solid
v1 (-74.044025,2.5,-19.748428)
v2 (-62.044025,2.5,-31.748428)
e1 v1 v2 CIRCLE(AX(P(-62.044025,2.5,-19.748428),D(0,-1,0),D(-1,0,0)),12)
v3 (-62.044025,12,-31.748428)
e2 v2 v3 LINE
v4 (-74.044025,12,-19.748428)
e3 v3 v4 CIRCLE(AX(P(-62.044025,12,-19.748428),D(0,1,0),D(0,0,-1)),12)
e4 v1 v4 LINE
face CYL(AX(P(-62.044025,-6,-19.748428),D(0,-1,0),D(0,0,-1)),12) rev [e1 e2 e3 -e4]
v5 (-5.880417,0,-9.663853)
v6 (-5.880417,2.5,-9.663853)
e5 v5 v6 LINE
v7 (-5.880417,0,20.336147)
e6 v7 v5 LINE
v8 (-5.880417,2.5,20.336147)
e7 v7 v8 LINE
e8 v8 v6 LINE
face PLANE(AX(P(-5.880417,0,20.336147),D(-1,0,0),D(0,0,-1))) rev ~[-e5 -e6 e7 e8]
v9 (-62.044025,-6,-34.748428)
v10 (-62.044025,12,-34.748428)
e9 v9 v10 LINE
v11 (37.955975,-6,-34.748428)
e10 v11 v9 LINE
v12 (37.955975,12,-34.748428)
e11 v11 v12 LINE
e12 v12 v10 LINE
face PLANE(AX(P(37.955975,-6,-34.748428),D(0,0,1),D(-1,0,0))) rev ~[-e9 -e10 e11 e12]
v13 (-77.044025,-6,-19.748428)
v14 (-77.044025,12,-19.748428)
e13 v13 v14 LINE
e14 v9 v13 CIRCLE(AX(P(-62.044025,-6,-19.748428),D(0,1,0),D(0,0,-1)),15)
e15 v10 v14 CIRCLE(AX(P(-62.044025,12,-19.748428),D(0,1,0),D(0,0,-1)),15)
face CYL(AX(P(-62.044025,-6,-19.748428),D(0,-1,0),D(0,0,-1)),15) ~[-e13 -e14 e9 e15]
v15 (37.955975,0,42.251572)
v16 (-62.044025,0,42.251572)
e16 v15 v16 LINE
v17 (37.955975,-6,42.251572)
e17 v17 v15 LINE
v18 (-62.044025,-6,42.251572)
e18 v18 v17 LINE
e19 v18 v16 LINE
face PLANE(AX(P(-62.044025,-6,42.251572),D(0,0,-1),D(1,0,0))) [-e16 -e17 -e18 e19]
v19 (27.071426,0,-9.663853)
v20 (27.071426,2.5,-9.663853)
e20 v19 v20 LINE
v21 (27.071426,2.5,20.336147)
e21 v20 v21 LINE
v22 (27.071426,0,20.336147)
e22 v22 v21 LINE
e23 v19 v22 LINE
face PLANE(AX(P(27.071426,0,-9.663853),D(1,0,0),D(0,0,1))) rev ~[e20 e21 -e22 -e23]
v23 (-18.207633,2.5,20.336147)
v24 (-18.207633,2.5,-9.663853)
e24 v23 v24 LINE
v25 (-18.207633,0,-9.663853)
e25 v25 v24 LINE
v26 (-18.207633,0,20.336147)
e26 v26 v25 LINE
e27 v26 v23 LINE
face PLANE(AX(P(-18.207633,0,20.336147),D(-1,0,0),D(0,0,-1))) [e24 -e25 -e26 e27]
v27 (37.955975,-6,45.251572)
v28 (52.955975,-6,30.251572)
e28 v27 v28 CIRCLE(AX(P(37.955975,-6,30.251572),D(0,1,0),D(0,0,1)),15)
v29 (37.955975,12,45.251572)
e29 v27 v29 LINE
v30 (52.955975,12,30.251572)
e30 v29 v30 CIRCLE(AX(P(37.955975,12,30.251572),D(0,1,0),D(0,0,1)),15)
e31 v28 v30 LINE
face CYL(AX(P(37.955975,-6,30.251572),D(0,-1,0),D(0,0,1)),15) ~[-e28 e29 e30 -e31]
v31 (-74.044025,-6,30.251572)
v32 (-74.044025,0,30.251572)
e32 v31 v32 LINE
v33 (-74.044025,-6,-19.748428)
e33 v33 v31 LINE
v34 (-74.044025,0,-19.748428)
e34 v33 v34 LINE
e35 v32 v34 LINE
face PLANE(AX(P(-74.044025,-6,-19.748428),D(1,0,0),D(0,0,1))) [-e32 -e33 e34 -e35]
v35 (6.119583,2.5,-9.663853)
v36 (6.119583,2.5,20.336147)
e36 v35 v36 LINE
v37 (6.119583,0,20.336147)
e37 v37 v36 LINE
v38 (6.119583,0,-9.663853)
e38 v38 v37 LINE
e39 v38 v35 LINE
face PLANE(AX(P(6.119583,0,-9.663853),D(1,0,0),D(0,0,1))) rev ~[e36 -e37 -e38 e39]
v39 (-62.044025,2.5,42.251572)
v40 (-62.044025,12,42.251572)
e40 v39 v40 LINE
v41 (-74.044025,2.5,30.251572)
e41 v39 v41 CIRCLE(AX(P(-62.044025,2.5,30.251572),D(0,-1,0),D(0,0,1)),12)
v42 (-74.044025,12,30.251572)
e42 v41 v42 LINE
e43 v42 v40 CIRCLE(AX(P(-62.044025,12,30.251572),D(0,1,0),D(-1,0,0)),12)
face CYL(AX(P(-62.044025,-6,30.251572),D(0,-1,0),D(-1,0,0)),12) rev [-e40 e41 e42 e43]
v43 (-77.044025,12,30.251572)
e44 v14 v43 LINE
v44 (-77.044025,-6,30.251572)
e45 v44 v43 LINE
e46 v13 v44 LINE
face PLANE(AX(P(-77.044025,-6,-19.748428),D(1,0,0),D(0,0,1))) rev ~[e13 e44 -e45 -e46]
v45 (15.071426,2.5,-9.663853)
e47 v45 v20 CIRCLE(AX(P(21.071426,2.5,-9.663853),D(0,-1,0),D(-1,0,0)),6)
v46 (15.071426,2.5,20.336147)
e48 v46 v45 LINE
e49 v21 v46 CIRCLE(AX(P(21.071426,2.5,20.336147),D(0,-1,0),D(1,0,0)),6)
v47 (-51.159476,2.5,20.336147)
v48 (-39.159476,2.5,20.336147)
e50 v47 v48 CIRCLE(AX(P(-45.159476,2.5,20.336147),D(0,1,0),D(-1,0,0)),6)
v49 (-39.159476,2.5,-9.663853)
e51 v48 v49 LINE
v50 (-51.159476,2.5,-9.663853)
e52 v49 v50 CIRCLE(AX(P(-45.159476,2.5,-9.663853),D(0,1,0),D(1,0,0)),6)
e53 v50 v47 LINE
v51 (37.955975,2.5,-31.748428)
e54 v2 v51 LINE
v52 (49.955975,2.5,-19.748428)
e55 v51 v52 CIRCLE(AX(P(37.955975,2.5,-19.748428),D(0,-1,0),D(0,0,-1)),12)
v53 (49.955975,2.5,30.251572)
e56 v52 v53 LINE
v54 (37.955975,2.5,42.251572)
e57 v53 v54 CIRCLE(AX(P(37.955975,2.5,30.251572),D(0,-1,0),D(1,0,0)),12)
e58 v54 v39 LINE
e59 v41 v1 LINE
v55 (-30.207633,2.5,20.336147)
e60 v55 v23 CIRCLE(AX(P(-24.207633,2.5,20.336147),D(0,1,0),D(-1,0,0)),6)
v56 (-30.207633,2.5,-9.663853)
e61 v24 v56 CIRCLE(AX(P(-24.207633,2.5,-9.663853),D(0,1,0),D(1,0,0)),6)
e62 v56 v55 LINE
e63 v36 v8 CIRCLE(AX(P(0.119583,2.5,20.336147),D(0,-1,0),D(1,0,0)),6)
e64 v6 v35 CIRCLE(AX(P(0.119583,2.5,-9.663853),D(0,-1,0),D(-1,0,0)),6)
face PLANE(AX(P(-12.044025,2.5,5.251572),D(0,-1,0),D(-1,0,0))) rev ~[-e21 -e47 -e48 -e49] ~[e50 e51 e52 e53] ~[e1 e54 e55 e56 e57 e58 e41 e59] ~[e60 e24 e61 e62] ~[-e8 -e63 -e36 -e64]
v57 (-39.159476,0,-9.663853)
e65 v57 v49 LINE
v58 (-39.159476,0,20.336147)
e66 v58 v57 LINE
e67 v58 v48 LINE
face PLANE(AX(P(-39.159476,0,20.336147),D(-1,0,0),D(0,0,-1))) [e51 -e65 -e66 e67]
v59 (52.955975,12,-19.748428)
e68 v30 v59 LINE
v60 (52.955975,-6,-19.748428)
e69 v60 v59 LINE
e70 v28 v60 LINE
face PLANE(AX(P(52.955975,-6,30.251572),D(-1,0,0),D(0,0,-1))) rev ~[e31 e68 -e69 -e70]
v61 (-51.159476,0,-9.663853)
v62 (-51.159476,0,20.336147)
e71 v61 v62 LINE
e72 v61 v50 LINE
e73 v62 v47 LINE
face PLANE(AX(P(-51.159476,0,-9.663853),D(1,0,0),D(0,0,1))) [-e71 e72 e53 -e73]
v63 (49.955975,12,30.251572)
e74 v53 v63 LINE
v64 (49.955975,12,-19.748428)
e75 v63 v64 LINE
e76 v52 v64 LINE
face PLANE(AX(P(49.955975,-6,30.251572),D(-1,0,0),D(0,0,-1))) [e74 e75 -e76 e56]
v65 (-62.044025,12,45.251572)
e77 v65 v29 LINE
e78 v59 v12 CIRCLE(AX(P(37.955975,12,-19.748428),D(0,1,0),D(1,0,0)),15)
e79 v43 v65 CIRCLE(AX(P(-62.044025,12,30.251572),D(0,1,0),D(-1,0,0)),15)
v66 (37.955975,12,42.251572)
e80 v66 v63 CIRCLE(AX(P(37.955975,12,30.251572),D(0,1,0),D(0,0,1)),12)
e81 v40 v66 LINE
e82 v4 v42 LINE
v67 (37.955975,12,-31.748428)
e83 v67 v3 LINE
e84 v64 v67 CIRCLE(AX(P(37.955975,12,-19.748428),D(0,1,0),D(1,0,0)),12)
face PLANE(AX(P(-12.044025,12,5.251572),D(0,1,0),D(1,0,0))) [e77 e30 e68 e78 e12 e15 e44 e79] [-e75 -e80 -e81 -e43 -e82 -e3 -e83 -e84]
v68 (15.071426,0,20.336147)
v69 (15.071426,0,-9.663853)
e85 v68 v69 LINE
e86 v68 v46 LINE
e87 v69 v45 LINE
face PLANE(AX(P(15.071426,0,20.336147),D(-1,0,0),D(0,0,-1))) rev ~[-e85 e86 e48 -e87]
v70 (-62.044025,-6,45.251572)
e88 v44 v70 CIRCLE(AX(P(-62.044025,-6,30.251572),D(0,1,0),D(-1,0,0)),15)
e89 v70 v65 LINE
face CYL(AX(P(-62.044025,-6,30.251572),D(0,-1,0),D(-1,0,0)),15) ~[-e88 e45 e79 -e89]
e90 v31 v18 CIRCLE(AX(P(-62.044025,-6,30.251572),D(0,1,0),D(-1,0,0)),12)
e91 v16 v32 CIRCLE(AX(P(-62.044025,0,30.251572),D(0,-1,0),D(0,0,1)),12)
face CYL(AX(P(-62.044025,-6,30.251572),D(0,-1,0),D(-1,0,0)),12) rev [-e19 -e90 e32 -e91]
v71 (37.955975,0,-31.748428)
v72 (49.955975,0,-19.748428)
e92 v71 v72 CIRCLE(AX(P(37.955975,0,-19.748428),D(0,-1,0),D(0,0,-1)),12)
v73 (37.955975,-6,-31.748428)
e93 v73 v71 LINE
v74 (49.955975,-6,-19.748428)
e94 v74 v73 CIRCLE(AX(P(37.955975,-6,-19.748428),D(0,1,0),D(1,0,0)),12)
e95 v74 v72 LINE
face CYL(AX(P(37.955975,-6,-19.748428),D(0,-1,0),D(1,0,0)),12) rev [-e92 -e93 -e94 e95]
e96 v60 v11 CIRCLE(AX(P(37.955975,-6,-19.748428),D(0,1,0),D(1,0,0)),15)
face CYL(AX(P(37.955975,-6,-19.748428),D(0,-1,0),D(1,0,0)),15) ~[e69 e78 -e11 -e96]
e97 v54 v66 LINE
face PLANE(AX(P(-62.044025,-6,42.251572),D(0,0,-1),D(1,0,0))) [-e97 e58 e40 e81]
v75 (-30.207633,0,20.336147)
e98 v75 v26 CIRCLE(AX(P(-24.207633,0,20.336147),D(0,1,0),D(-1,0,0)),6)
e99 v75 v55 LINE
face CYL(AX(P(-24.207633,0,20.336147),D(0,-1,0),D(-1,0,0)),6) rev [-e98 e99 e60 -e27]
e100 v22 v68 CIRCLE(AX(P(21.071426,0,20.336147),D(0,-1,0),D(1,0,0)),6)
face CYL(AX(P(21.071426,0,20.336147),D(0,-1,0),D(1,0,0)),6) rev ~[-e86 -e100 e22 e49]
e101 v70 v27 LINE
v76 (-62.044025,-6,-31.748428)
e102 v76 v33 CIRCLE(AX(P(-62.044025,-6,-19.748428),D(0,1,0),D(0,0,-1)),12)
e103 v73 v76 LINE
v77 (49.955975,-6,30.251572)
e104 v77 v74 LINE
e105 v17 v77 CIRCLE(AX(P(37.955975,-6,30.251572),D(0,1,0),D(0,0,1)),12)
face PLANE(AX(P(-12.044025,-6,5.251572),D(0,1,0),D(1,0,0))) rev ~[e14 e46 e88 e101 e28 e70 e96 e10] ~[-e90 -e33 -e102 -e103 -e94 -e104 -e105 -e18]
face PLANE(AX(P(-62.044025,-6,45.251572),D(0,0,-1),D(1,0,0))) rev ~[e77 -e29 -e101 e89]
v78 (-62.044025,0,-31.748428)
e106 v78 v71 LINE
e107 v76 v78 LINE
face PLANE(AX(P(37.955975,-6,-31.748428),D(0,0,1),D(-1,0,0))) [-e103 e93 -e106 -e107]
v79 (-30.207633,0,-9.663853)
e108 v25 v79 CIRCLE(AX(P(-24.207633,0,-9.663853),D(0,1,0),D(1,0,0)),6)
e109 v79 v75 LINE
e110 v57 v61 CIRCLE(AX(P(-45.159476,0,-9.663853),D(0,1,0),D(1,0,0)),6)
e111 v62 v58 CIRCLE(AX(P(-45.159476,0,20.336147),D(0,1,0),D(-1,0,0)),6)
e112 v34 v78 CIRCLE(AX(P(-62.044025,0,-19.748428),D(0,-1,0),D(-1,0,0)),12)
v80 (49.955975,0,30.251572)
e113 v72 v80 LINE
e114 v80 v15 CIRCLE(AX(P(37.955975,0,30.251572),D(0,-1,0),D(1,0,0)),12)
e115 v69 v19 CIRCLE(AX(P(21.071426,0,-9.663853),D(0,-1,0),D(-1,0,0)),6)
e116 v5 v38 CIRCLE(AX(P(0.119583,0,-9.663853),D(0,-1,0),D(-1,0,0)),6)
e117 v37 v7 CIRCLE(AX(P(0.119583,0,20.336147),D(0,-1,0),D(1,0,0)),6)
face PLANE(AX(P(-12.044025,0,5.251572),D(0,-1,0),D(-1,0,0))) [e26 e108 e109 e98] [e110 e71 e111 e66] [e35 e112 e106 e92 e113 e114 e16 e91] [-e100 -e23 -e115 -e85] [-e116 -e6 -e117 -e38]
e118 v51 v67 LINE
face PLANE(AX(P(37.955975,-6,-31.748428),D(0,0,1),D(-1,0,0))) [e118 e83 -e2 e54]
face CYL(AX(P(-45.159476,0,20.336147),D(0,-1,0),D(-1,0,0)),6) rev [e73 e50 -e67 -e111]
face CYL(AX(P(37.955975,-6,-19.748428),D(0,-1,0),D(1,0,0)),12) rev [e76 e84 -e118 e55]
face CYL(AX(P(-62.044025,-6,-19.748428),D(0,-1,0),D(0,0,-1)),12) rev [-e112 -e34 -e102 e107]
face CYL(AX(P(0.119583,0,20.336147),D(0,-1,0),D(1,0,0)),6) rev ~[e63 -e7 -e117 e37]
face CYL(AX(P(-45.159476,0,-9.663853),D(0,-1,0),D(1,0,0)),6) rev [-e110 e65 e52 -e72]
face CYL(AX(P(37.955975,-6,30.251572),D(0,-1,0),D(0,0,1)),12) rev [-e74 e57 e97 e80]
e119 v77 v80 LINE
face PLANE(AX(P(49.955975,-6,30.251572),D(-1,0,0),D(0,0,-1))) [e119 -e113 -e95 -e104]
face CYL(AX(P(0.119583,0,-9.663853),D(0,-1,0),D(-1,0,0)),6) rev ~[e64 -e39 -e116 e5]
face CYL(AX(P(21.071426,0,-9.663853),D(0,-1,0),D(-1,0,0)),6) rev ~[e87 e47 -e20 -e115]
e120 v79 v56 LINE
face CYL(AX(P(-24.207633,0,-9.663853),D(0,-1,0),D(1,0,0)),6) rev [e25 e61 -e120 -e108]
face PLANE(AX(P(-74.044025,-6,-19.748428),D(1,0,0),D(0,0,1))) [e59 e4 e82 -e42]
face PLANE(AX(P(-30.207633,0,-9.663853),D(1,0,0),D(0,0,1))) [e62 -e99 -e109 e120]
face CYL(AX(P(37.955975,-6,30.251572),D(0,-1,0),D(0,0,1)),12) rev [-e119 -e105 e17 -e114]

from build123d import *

# Parameters (mm, degrees)
BOSS_EXTRUDE1_DEPTH      = 12
BOSS_EXTRUDE1_DEPTH_BACK = 6
BOSS_EXTRUDE2_DEPTH      = 2.5


with BuildPart() as part:
    # Sketch1 → Boss-Extrude1 (new, two sides: drawn at the far end of the back side and taken through both)
    with BuildSketch(Plane(origin=(0, 0, 0), x_dir=(1, 0, 0), z_dir=(0, 1, 0)).offset(-BOSS_EXTRUDE1_DEPTH_BACK)):
        with BuildLine():
            Line((37.955974843, 34.748427673), (-62.044025157, 34.748427673))
            ThreePointArc((-62.044025157, 34.748427673), (-72.650626875, 30.355029391), (-77.044025157, 19.748427673))
            Line((-77.044025157, 19.748427673), (-77.044025157, -30.251572327))
            ThreePointArc((-77.044025157, -30.251572327), (-72.650626875, -40.858174045), (-62.044025157, -45.251572327))
            Line((-62.044025157, -45.251572327), (37.955974843, -45.251572327))
            ThreePointArc((37.955974843, -45.251572327), (48.562576561, -40.858174045), (52.955974843, -30.251572327))
            Line((52.955974843, -30.251572327), (52.955974843, 19.748427673))
            ThreePointArc((52.955974843, 19.748427673), (48.562576561, 30.355029391), (37.955974843, 34.748427673))
        make_face()
        with BuildLine():
            ThreePointArc((-74.044025157, 19.748427673), (-70.529306531, 28.233709047), (-62.044025157, 31.748427673))
            Line((-62.044025157, 31.748427673), (37.955974843, 31.748427673))
            ThreePointArc((37.955974843, 31.748427673), (46.441256217, 28.233709047), (49.955974843, 19.748427673))
            Line((49.955974843, 19.748427673), (49.955974843, -30.251572327))
            ThreePointArc((49.955974843, -30.251572327), (46.441256217, -38.736853701), (37.955974843, -42.251572327))
            Line((37.955974843, -42.251572327), (-62.044025157, -42.251572327))
            ThreePointArc((-62.044025157, -42.251572327), (-70.529306531, -38.736853701), (-74.044025157, -30.251572327))
            Line((-74.044025157, -30.251572327), (-74.044025157, 19.748427673))
        make_face(mode=Mode.SUBTRACT)
    extrude(amount=BOSS_EXTRUDE1_DEPTH + BOSS_EXTRUDE1_DEPTH_BACK)

    # Sketch1<3> → Boss-Extrude2 (add)
    with BuildSketch(Plane(origin=(0, 0, 0), x_dir=(1, 0, 0), z_dir=(0, 1, 0))):
        with BuildLine():
            Line((37.955974843, 31.748427673), (-62.044025157, 31.748427673))
            ThreePointArc((-62.044025157, 31.748427673), (-70.529306531, 28.233709047), (-74.044025157, 19.748427673))
            Line((-74.044025157, 19.748427673), (-74.044025157, -30.251572327))
            ThreePointArc((-74.044025157, -30.251572327), (-70.529306531, -38.736853701), (-62.044025157, -42.251572327))
            Line((-62.044025157, -42.251572327), (37.955974843, -42.251572327))
            ThreePointArc((37.955974843, -42.251572327), (46.441256217, -38.736853701), (49.955974843, -30.251572327))
            Line((49.955974843, -30.251572327), (49.955974843, 19.748427673))
            ThreePointArc((49.955974843, 19.748427673), (46.441256217, 28.233709047), (37.955974843, 31.748427673))
        make_face()
        with BuildLine():
            ThreePointArc((-51.159476074, 9.66385349), (-45.159476074, 15.66385349), (-39.159476074, 9.66385349))
            Line((-39.159476074, 9.66385349), (-39.159476074, -20.33614651))
            ThreePointArc((-39.159476074, -20.33614651), (-45.159476074, -26.33614651), (-51.159476074, -20.33614651))
            Line((-51.159476074, -20.33614651), (-51.159476074, 9.66385349))
        make_face(mode=Mode.SUBTRACT)
        with BuildLine():
            ThreePointArc((-30.207633374, 9.66385349), (-24.207633374, 15.66385349), (-18.207633374, 9.66385349))
            Line((-18.207633374, 9.66385349), (-18.207633374, -20.33614651))
            ThreePointArc((-18.207633374, -20.33614651), (-24.207633374, -26.33614651), (-30.207633374, -20.33614651))
            Line((-30.207633374, -20.33614651), (-30.207633374, 9.66385349))
        make_face(mode=Mode.SUBTRACT)
        with BuildLine():
            Line((-5.880416941, -20.33614651), (-5.880416941, 9.66385349))
            ThreePointArc((-5.880416941, 9.66385349), (0.119583059, 15.66385349), (6.119583059, 9.66385349))
            Line((6.119583059, 9.66385349), (6.119583059, -20.33614651))
            ThreePointArc((6.119583059, -20.33614651), (0.119583059, -26.33614651), (-5.880416941, -20.33614651))
        make_face(mode=Mode.SUBTRACT)
        with BuildLine():
            Line((15.07142576, -20.33614651), (15.07142576, 9.66385349))
            ThreePointArc((15.07142576, 9.66385349), (21.07142576, 15.66385349), (27.07142576, 9.66385349))
            Line((27.07142576, 9.66385349), (27.07142576, -20.33614651))
            ThreePointArc((27.07142576, -20.33614651), (21.07142576, -26.33614651), (15.07142576, -20.33614651))
        make_face(mode=Mode.SUBTRACT)
    extrude(amount=BOSS_EXTRUDE2_DEPTH)


solid = part.part
